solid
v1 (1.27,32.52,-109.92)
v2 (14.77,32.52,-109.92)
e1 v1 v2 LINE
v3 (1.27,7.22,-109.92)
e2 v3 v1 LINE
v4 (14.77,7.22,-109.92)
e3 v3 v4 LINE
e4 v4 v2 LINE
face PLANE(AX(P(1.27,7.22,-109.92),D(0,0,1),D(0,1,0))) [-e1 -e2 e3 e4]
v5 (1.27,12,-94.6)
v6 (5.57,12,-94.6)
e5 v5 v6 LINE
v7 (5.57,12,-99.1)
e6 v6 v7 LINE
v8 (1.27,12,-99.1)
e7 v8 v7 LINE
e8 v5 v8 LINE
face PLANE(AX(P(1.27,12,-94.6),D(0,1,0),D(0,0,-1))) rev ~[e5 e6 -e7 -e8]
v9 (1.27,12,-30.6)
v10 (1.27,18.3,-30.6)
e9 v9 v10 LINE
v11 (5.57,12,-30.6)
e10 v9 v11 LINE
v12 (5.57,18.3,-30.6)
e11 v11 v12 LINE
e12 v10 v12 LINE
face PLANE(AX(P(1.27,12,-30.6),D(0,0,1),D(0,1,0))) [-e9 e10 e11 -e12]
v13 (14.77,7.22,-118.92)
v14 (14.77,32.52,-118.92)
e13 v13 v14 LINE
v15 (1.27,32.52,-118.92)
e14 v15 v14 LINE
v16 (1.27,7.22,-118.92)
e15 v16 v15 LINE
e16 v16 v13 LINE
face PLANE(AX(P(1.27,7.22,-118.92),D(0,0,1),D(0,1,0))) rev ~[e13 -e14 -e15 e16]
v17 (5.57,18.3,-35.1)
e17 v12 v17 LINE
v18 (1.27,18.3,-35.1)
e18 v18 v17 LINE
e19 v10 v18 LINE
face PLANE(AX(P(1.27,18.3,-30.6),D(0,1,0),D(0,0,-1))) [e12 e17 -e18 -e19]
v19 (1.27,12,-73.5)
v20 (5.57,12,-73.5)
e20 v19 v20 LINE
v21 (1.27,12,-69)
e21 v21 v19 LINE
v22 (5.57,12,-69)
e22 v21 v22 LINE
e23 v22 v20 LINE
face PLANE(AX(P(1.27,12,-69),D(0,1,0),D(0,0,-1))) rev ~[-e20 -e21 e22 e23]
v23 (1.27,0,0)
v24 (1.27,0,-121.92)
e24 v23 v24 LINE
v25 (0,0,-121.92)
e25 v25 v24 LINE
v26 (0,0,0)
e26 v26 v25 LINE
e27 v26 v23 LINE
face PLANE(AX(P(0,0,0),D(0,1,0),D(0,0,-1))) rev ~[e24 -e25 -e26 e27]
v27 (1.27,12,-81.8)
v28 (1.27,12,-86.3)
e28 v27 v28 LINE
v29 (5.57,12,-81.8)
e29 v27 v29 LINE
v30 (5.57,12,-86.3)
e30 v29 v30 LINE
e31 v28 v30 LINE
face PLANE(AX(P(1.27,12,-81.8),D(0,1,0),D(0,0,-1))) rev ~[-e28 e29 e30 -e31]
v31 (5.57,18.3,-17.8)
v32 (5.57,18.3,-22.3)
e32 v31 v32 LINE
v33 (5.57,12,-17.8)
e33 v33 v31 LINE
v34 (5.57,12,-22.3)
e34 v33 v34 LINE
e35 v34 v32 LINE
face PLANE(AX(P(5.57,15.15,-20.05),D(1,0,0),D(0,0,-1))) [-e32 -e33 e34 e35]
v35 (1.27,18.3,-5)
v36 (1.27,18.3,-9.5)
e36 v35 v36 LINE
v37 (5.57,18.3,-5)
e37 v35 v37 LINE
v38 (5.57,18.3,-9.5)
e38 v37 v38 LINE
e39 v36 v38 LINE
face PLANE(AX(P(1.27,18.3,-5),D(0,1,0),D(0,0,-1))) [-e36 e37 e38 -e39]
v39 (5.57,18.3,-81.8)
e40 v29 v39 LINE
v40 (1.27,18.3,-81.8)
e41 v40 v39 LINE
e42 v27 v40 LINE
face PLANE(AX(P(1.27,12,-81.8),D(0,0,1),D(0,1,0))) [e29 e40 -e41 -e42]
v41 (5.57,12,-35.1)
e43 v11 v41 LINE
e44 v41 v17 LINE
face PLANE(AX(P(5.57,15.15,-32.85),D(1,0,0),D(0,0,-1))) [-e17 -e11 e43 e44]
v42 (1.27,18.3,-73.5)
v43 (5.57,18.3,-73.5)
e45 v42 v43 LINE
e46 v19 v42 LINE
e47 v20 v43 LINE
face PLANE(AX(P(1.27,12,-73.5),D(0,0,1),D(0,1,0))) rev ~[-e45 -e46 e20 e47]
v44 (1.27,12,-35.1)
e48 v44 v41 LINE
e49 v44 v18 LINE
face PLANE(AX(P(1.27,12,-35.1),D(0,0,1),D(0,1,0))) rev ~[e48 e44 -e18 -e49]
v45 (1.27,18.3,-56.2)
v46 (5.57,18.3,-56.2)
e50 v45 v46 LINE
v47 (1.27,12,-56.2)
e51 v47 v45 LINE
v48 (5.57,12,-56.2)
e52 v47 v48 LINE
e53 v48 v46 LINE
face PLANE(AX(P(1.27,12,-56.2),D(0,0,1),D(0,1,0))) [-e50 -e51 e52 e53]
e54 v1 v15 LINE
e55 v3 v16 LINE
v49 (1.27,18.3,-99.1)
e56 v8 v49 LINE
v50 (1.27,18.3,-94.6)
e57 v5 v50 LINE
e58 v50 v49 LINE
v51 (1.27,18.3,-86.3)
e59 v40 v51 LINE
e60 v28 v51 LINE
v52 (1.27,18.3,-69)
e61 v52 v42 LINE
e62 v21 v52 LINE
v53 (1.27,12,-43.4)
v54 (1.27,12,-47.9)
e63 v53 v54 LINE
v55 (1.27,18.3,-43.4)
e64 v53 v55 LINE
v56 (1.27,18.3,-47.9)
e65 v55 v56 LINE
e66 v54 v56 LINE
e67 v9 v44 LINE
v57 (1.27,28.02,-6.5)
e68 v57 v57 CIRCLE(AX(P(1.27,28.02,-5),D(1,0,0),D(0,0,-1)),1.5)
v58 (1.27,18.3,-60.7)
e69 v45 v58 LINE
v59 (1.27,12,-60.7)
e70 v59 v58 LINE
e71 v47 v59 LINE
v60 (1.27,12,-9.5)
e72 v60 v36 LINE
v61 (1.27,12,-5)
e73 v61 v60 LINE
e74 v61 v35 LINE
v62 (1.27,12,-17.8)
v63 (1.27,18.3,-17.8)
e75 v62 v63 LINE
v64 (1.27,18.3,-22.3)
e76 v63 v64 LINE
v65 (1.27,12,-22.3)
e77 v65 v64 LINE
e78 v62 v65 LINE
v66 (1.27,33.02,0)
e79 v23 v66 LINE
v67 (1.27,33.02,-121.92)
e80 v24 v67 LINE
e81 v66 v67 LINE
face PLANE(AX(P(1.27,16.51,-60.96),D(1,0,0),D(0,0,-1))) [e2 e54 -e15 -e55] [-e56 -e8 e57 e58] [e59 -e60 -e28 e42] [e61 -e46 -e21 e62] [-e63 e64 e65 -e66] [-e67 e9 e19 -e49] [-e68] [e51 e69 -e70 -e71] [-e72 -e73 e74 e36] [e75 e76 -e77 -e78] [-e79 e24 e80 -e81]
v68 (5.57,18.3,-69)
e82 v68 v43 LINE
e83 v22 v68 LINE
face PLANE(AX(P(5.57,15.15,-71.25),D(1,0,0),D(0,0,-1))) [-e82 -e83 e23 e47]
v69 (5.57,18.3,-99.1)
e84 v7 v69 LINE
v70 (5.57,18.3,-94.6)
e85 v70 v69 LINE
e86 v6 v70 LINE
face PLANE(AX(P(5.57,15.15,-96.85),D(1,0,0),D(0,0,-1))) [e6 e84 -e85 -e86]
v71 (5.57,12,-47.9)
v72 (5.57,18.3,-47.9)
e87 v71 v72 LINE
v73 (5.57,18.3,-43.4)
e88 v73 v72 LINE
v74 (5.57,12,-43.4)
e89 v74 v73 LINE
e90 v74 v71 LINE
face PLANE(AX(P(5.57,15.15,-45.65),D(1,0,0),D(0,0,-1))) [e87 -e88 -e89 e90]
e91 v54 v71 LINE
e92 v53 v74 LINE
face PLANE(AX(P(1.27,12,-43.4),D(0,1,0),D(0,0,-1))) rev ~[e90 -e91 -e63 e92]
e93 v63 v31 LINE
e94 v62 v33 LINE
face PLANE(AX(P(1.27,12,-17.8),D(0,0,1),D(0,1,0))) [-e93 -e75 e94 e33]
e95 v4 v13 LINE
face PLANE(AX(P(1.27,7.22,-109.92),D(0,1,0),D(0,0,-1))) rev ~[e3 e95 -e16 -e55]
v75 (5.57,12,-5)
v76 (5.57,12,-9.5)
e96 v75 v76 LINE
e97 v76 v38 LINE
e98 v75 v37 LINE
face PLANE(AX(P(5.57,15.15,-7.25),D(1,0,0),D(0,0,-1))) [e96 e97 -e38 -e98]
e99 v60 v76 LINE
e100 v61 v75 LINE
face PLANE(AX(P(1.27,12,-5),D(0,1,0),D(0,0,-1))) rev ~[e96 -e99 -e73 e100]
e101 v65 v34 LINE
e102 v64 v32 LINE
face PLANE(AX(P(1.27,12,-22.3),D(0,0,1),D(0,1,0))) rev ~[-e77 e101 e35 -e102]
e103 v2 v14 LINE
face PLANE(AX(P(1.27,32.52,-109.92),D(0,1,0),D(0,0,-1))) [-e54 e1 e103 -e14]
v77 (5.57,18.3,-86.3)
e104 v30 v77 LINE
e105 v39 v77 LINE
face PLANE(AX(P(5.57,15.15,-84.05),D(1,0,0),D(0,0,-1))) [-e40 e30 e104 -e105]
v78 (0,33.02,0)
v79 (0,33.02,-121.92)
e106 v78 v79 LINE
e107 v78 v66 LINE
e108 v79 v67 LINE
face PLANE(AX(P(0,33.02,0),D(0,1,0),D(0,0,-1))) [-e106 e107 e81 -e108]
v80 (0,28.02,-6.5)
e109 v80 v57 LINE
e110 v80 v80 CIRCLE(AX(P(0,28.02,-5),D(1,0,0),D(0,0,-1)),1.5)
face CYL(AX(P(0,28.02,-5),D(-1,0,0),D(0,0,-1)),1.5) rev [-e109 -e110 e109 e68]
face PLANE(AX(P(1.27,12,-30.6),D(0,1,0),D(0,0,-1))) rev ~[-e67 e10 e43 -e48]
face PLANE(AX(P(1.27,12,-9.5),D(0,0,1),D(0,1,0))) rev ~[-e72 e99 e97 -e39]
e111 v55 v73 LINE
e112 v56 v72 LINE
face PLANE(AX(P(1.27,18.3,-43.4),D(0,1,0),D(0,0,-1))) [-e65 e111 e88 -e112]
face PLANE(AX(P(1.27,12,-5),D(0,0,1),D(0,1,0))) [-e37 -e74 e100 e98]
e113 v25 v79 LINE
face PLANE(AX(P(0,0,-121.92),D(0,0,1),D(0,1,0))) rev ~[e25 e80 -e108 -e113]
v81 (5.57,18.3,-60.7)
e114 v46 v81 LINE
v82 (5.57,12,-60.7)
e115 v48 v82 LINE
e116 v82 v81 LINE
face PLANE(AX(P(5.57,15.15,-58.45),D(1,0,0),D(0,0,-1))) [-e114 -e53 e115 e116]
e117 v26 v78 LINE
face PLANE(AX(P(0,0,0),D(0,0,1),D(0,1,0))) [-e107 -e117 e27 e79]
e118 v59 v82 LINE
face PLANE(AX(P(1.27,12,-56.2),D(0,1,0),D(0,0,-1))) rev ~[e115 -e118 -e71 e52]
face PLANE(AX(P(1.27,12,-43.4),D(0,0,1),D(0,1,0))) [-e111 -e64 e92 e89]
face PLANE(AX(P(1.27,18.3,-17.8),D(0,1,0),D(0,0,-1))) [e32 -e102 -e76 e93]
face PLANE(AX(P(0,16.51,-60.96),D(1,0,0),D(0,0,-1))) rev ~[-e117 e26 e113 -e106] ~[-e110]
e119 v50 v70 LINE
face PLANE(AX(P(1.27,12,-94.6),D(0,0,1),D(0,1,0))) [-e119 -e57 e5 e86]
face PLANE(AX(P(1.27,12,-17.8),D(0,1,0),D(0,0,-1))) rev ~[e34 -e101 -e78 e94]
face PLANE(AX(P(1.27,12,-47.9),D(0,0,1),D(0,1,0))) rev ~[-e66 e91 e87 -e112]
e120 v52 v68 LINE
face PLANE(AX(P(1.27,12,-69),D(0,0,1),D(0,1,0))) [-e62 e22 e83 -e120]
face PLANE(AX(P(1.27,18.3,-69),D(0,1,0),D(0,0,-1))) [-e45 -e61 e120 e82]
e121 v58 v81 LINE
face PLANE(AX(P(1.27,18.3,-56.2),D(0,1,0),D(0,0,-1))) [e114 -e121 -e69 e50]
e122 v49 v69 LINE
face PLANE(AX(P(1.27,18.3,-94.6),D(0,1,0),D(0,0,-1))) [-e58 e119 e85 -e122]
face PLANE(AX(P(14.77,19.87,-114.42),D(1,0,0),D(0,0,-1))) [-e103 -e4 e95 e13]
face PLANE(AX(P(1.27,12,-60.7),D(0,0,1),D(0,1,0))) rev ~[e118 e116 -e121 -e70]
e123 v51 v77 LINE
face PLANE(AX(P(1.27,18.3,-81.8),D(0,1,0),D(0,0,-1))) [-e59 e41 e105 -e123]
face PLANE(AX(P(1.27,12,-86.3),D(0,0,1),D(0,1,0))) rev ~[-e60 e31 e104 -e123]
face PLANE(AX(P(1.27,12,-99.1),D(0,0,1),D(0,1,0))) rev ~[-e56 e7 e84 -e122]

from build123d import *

# Parameters (mm, degrees)
SKETCH1_W           = 121.92
SKETCH1_H           = 33.02
SKETCH1_R           = 1.5
BOSS_EXTRUDE1_DEPTH = 1.27
SKETCH2_W           = 9
SKETCH2_H           = 25.3
BOSS_EXTRUDE2_DEPTH = 13.5
SKETCH3_W           = 4.5
SKETCH3_H           = 6.3
BOSS_EXTRUDE3_DEPTH = 4.3


with BuildPart() as part:
    # Sketch1 → Boss-Extrude1 (new body)
    with BuildSketch(Plane(origin=(0, 0, 0), x_dir=(0, 0, -1), z_dir=(1, 0, 0))):
        with Locations((60.96, 16.51)):
            Rectangle(SKETCH1_W, SKETCH1_H)
        with Locations((5, 28.02)):
            Circle(SKETCH1_R, mode=Mode.SUBTRACT)
    extrude(amount=BOSS_EXTRUDE1_DEPTH)

    # Sketch2 → Boss-Extrude2 (add)
    with BuildSketch(Plane(origin=(1.27, 0, 0), x_dir=(0, 0, -1), z_dir=(1, 0, 0))):
        with Locations((114.42, 19.87)):
            Rectangle(SKETCH2_W, SKETCH2_H)
    extrude(amount=BOSS_EXTRUDE2_DEPTH)

    # Sketch3 → Boss-Extrude3 (add)
    with BuildSketch(Plane(origin=(1.27, 0, 0), x_dir=(0, 0, -1), z_dir=(1, 0, 0))):
        with Locations((7.25, 15.15)):
            Rectangle(SKETCH3_W, SKETCH3_H)
        with Locations((20.05, 15.15)):
            Rectangle(SKETCH3_W, SKETCH3_H)
        with Locations((32.85, 15.15)):
            Rectangle(SKETCH3_W, SKETCH3_H)
        with Locations((45.65, 15.15)):
            Rectangle(SKETCH3_W, SKETCH3_H)
        with Locations((58.45, 15.15)):
            Rectangle(SKETCH3_W, SKETCH3_H)
        with Locations((71.25, 15.15)):
            Rectangle(SKETCH3_W, SKETCH3_H)
        with Locations((84.05, 15.15)):
            Rectangle(SKETCH3_W, SKETCH3_H)
        with Locations((96.85, 15.15)):
            Rectangle(SKETCH3_W, SKETCH3_H)
    extrude(amount=BOSS_EXTRUDE3_DEPTH)


solid = part.part
